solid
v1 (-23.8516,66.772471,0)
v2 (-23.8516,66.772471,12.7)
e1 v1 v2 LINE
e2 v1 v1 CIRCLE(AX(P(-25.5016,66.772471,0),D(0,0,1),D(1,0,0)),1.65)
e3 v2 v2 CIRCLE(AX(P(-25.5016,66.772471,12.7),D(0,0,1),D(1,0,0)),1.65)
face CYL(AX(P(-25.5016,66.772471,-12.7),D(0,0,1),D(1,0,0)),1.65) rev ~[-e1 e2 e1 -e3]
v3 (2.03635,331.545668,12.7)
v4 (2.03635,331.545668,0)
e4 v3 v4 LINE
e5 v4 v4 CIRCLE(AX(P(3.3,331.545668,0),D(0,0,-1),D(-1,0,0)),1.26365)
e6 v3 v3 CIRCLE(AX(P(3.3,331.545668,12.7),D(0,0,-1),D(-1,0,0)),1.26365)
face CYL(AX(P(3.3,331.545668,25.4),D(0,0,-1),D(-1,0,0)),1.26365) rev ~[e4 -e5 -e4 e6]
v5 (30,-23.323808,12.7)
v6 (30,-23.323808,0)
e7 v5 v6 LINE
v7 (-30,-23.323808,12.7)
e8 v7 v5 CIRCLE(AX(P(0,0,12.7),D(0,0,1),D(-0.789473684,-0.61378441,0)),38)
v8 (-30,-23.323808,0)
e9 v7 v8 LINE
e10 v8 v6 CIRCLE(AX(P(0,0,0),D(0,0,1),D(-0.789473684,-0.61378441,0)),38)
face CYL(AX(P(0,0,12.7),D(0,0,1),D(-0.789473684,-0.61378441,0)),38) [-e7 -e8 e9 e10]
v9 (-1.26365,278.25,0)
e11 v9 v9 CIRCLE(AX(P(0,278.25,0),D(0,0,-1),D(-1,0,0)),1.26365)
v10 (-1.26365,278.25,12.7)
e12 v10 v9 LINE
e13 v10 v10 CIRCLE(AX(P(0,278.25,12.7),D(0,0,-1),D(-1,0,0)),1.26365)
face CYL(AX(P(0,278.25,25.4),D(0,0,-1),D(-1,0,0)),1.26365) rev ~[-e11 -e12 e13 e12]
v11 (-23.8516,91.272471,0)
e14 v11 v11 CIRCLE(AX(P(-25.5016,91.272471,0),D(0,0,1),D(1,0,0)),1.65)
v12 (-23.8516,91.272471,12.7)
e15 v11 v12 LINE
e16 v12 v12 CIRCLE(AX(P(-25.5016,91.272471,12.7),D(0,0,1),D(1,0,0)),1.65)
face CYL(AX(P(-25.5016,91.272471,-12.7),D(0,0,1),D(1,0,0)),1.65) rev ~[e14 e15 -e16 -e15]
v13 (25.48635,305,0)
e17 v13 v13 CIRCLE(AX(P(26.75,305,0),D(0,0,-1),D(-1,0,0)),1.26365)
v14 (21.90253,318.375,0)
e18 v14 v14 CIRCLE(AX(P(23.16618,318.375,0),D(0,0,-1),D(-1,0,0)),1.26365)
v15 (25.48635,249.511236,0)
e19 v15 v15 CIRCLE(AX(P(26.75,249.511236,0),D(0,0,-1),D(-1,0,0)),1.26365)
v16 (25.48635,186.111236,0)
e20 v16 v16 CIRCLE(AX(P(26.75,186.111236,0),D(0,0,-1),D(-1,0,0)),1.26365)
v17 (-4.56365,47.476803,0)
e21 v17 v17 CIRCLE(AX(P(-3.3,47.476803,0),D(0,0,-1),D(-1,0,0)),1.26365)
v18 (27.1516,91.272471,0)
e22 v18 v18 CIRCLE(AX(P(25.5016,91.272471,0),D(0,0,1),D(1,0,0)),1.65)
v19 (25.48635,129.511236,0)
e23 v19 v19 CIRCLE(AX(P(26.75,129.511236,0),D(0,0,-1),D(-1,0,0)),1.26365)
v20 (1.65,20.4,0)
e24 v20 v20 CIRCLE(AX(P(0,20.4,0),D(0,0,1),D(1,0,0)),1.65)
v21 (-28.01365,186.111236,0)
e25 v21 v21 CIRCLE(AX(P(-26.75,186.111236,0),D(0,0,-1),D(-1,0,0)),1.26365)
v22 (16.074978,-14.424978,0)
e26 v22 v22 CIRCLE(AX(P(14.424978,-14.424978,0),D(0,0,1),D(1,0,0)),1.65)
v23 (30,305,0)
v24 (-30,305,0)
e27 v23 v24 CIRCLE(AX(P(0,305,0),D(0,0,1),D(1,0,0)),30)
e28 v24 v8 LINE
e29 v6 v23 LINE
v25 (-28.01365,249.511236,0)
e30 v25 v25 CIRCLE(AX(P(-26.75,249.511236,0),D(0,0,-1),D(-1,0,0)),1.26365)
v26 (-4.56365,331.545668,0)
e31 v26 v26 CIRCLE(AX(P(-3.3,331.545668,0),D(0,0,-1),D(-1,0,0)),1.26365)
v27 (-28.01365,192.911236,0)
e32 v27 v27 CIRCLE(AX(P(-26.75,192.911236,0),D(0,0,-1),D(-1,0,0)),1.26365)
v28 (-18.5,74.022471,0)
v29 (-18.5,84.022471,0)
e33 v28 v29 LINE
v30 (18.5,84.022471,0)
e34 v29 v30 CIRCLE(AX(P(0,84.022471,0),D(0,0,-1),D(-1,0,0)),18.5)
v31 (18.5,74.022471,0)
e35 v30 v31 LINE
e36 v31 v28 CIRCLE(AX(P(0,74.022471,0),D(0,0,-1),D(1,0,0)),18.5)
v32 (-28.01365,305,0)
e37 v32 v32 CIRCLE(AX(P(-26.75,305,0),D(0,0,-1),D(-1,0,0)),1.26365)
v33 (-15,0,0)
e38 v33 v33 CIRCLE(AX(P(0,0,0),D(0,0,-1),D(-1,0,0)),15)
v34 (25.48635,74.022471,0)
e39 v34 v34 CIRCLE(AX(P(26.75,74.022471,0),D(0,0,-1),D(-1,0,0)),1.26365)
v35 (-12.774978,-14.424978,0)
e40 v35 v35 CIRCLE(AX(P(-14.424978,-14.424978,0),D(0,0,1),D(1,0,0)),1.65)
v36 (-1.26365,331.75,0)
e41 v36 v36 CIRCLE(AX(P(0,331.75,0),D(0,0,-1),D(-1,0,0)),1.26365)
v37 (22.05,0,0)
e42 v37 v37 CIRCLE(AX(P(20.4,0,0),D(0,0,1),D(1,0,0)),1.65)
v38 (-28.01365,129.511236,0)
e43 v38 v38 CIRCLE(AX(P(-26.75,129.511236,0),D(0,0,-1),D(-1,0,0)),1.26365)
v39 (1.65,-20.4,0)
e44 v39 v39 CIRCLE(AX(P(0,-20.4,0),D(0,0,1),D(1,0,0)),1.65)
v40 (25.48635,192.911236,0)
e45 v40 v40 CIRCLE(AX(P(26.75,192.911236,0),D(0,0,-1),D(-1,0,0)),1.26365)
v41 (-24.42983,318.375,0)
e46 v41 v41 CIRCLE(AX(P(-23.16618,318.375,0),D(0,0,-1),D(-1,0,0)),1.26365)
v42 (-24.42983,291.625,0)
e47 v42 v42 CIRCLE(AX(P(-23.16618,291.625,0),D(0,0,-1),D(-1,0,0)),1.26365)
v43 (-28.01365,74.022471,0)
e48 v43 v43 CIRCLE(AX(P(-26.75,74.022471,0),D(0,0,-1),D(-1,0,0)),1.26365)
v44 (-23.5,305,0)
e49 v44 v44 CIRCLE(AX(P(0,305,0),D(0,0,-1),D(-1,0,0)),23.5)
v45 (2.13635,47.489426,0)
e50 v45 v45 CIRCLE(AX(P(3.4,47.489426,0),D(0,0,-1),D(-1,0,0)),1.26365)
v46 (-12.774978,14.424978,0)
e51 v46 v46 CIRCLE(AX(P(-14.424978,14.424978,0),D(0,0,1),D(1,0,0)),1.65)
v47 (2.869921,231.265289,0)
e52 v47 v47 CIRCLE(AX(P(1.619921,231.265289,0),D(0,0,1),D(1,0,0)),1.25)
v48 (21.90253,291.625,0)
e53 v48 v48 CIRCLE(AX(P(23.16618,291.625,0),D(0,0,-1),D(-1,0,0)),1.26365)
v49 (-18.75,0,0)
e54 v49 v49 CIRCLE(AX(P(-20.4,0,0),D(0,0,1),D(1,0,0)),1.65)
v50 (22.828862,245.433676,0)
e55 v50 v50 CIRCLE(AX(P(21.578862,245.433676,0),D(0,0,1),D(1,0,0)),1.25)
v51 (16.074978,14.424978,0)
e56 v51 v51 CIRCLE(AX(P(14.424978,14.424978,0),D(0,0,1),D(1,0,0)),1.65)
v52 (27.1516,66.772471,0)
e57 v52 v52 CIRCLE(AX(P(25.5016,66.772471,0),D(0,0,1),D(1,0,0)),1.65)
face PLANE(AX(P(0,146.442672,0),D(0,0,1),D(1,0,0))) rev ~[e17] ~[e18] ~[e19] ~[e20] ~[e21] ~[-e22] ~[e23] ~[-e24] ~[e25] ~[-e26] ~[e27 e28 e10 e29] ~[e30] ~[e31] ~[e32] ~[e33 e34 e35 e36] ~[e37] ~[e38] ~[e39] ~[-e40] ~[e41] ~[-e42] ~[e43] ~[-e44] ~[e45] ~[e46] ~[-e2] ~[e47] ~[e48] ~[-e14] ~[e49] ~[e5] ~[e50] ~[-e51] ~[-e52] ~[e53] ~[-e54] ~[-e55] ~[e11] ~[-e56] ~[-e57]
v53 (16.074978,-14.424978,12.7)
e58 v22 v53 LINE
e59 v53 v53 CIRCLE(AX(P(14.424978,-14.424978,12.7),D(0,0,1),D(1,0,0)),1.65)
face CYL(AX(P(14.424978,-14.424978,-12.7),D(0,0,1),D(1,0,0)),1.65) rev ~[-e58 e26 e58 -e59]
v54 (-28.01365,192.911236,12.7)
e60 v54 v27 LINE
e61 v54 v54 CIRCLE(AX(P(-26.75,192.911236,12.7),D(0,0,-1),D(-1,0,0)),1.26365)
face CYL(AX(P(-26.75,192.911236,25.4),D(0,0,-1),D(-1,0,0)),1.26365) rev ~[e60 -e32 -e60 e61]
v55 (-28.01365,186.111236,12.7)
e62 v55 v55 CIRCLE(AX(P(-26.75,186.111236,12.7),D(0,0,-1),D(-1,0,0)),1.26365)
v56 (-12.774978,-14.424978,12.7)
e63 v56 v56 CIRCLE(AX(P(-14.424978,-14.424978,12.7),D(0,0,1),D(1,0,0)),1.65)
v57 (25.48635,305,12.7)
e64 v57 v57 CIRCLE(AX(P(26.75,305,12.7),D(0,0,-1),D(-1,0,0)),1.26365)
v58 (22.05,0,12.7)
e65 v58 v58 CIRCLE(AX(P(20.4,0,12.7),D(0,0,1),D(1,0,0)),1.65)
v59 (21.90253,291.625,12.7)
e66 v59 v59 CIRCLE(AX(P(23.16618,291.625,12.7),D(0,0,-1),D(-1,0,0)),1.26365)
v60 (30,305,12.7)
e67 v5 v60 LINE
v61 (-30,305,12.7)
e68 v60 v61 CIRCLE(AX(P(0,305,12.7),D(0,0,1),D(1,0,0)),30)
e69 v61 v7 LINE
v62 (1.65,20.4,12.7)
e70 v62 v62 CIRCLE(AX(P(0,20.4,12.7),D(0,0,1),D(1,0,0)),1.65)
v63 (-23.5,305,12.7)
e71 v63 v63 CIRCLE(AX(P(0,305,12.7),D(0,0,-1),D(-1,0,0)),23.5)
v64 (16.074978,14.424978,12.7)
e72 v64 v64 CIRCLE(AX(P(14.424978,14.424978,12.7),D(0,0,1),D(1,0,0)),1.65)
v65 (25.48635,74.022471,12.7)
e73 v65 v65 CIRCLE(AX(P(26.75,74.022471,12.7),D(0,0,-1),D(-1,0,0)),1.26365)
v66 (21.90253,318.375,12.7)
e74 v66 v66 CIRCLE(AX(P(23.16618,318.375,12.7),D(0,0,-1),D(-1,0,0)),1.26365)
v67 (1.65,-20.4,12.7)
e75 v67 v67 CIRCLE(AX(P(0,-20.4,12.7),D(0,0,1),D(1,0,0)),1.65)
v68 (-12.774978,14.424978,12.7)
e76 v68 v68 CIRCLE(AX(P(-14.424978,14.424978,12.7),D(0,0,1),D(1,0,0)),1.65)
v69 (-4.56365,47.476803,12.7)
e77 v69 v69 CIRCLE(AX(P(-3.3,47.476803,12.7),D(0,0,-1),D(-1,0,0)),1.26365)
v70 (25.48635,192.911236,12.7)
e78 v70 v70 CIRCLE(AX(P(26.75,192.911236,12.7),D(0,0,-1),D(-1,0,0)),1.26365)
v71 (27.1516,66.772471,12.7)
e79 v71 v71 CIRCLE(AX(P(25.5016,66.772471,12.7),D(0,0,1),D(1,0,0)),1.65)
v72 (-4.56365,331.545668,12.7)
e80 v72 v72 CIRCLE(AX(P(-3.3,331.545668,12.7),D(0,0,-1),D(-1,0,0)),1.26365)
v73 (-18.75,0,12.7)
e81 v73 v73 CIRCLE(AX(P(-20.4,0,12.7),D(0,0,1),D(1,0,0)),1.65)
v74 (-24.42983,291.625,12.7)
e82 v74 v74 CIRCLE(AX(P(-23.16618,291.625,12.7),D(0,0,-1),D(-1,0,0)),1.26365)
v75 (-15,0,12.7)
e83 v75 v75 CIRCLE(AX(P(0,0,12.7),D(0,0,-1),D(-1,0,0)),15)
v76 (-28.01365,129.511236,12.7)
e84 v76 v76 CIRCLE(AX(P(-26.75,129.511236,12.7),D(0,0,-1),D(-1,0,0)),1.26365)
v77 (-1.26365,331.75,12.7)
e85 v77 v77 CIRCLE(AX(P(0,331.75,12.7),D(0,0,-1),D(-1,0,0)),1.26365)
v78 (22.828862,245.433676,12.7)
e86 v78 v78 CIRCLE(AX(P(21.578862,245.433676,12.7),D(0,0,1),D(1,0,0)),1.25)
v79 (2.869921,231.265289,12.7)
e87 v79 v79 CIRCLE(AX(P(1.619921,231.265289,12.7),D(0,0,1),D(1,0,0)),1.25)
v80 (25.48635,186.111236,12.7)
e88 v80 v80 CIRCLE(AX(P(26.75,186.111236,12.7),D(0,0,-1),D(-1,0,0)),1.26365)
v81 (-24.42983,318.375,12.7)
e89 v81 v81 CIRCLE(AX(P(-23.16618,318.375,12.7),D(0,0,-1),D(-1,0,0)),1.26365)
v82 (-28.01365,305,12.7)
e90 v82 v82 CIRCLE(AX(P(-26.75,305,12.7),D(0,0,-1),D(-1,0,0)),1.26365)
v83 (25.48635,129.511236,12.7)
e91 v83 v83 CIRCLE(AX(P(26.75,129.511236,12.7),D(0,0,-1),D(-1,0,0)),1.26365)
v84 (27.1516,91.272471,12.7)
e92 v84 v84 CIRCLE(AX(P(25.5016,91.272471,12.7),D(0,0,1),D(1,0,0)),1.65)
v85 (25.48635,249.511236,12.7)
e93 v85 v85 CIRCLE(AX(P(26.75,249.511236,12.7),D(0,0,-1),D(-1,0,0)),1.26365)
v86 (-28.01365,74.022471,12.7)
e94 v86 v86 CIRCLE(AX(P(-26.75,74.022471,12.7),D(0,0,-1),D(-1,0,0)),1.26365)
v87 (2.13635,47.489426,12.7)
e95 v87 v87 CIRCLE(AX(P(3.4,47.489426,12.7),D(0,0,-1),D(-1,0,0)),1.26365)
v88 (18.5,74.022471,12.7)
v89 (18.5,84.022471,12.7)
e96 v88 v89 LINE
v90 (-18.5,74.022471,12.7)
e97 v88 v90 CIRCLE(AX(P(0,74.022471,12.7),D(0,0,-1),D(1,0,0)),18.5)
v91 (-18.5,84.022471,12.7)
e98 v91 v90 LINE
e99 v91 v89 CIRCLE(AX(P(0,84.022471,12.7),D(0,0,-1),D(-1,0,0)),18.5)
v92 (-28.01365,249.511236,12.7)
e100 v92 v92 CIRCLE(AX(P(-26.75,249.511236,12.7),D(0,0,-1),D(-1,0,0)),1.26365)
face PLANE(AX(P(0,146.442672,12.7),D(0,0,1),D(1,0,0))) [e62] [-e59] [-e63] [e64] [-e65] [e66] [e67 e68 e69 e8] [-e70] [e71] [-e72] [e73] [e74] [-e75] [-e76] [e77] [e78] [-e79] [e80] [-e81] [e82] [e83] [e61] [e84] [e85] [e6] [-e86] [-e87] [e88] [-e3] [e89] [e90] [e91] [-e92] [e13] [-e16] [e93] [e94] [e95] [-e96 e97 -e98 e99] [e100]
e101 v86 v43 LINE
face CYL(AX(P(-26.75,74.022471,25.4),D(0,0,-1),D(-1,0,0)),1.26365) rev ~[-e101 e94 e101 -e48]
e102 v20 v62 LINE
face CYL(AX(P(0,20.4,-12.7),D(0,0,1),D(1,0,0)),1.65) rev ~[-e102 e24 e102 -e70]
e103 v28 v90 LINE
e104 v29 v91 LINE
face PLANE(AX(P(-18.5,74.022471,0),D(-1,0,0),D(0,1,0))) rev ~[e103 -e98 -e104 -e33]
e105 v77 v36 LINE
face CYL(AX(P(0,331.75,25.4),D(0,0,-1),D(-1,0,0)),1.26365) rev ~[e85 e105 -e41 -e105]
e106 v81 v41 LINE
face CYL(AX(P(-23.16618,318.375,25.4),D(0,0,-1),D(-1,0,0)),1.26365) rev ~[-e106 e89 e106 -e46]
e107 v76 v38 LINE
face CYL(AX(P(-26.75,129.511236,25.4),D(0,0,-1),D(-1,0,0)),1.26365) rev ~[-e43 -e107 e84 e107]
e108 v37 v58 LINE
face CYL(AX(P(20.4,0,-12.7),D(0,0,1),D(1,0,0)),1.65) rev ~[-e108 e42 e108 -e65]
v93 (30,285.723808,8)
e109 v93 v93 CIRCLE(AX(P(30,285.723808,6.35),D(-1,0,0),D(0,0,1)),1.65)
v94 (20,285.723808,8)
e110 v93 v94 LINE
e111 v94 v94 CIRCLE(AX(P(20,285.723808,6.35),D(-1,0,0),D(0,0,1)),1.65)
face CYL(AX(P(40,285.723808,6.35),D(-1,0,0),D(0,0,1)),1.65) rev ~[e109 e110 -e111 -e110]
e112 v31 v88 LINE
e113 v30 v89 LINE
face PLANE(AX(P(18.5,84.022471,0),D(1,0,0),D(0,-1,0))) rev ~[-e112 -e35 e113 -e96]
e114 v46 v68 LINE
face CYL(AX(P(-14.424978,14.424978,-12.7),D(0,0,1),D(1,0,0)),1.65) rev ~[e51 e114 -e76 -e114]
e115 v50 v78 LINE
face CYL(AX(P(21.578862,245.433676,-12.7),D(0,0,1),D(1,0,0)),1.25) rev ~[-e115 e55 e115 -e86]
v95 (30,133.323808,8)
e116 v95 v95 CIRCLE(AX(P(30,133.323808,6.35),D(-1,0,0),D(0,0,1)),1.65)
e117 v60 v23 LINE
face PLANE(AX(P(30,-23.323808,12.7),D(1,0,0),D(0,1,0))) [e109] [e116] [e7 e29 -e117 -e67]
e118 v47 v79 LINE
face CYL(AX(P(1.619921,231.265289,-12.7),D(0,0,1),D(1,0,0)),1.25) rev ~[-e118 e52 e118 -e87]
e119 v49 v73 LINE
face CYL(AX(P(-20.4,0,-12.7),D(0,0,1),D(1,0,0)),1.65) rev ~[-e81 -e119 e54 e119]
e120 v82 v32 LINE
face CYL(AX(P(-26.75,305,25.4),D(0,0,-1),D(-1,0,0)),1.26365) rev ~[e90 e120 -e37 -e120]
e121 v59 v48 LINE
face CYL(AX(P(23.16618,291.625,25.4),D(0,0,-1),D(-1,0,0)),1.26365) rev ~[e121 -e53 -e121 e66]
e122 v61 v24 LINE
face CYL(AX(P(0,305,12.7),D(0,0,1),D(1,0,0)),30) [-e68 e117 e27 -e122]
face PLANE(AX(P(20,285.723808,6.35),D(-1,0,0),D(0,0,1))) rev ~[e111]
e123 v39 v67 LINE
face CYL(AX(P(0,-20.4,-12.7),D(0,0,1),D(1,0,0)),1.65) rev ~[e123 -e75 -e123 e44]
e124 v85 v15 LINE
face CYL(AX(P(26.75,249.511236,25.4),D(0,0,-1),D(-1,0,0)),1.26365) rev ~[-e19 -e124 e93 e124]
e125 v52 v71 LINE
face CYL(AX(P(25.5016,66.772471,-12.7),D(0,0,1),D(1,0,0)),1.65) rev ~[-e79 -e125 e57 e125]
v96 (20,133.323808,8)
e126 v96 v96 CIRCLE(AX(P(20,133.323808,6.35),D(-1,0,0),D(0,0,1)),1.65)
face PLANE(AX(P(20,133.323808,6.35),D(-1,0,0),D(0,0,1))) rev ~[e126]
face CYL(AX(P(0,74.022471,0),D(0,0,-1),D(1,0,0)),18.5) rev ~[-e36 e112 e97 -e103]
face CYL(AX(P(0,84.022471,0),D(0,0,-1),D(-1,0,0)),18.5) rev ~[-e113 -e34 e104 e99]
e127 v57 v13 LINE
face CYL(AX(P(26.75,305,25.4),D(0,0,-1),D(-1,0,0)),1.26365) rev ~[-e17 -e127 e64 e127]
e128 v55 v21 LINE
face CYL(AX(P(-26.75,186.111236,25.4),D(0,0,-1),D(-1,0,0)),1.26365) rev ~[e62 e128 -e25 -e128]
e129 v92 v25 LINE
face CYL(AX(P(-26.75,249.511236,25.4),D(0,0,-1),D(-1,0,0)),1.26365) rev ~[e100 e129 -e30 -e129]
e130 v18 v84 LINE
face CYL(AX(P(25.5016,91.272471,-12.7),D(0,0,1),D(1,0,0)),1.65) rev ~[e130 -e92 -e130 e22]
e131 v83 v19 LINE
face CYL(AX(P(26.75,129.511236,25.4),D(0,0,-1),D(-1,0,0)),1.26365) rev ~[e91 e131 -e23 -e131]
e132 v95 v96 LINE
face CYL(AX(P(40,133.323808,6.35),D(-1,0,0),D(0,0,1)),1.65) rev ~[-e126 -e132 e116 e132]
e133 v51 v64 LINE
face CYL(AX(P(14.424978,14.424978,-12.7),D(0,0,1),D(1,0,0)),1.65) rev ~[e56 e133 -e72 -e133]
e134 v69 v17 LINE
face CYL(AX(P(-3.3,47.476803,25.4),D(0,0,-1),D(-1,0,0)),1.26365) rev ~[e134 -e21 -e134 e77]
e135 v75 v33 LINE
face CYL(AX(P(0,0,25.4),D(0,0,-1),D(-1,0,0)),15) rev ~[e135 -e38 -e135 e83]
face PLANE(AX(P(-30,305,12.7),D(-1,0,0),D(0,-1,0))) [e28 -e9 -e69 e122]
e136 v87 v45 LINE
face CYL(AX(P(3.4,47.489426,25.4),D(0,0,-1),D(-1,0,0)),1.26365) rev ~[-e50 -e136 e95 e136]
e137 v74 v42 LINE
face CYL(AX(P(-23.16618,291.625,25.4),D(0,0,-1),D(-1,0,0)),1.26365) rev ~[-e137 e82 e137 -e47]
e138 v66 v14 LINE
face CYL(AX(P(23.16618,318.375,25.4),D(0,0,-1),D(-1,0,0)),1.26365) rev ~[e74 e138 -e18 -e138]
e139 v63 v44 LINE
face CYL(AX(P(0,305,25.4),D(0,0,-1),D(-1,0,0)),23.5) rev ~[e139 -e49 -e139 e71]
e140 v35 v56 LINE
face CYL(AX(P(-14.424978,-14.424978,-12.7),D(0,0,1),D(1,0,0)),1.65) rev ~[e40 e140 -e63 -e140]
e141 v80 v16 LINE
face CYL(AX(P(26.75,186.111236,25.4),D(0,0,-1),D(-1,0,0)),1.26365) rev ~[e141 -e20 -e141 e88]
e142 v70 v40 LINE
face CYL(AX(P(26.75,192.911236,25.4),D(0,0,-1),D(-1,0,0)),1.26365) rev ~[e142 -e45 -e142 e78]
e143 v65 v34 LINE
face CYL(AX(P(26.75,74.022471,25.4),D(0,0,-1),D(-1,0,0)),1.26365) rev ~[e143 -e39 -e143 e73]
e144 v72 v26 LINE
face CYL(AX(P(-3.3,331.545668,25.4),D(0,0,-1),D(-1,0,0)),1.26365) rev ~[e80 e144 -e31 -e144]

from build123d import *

# Parameters (mm, degrees)
BOSS_EXTRUDE1_DEPTH              = 12.7
CUT_EXTRUDE1_DEPTH               = 13.7
HOLE1_D                          = 30
HOLE1_DEPTH                      = 12.7
HOLE2_D                          = 47
HOLE2_DEPTH                      = 12.7
F_39_0_0995_DIAMETER_HOLE1_D     = 2.5273
F_39_0_0995_DIAMETER_HOLE1_DEPTH = 12.7
F_4_CLEARANCE_HOLE1_D            = 3.3
F_4_CLEARANCE_HOLE1_DEPTH        = 12.7
F_2_CLEARANCE_HOLE1_D            = 2.499999999
F_2_CLEARANCE_HOLE1_DEPTH        = 12.7
F_4_CLEARANCE_HOLE2_D            = 3.3
F_4_CLEARANCE_HOLE2_DEPTH        = 10


with BuildPart() as part:
    # Sketch1 → Boss-Extrude1 (new body)
    with BuildSketch(Plane.XY.offset(12.7)):
        with BuildLine():
            Line((-30, 305), (-30, 23.323807579))
            Line((-30, 23.323807579), (-30, -23.323807579))
            ThreePointArc((-30, -23.323807579), (0, -38), (30, -23.323807579))
            Line((30, -23.323807579), (30, 23.323807579))
            Line((30, 23.323807579), (30, 305))
            ThreePointArc((30, 305), (0, 335), (-30, 305))
        make_face()
    extrude(amount=-BOSS_EXTRUDE1_DEPTH)

    # Sketch2 → Cut-Extrude1 (cut, through all)
    with BuildSketch(Plane(origin=(0, 0, 0), x_dir=(-1, 0, 0), z_dir=(0, 0, -1))):
        with BuildLine():
            Line((18.5, 74.022471071), (18.5, 84.022471071))
            ThreePointArc((18.5, 84.022471071), (0, 102.522471071), (-18.5, 84.022471071))
            Line((-18.5, 84.022471071), (-18.5, 74.022471071))
            ThreePointArc((-18.5, 74.022471071), (0, 55.522471071), (18.5, 74.022471071))
        make_face()
    extrude(amount=-CUT_EXTRUDE1_DEPTH, mode=Mode.SUBTRACT)

    # Hole1
    with Locations(Plane.XY.offset(12.7)):
        with Locations((0, 0)):
            Hole(HOLE1_D / 2, depth=HOLE1_DEPTH)

    # Hole2
    with Locations(Plane.XY.offset(12.7)):
        with Locations((0, 305)):
            Hole(HOLE2_D / 2, depth=HOLE2_DEPTH)

    # #39 (0.0995) Diameter Hole1
    with Locations(Plane.XY.offset(12.7)):
        with Locations((-26.75, 74.022471071), (-26.75, 129.511235535), (-26.75, 186.111235535), (-26.750000001, 192.911235535), (-26.750000001, 249.511235535), (-26.750000001, 305), (-3.300000001, 331.545668196), (3.299999999, 331.545668196), (26.749999999, 305), (26.749999999, 249.511235535), (26.749999999, 192.911235535), (26.75, 186.111235535), (26.75, 129.511235535), (26.75, 74.022471071), (3.4, 47.489425637), (-3.3, 47.476802874), (-23.166179551, 318.375), (-23.166179551, 291.625), (0, 278.25), (23.166179551, 291.625), (23.166179551, 318.375), (0, 331.75)):
            Hole(F_39_0_0995_DIAMETER_HOLE1_D / 2, depth=F_39_0_0995_DIAMETER_HOLE1_DEPTH)

    # #4 Clearance Hole1
    with Locations(Plane(origin=(0, 0, 0), x_dir=(-1, 0, 0), z_dir=(0, 0, -1))):
        with Locations((-25.5016, 66.772471071), (-25.5016, 91.272471071), (14.424978336, 14.424978336), (20.4, 0), (14.424978336, -14.424978336), (0, -20.4), (-14.424978336, -14.424978336), (-20.4, 0), (-14.424978336, 14.424978336), (0, 20.4), (25.5016, 66.772471071), (25.5016, 91.272471071)):
            Hole(F_4_CLEARANCE_HOLE1_D / 2, depth=F_4_CLEARANCE_HOLE1_DEPTH)

    # #2 Clearance Hole1
    with Locations(Plane(origin=(0, 0, 0), x_dir=(-1, 0, 0), z_dir=(0, 0, -1))):
        with Locations((-1.619921459, 231.265288591), (-21.578861519, 245.43367635)):
            Hole(F_2_CLEARANCE_HOLE1_D / 2, depth=F_2_CLEARANCE_HOLE1_DEPTH)

    # #4 Clearance Hole2
    with Locations(Plane(origin=(30, 0, 0), x_dir=(0, 0, -1), z_dir=(1, 0, 0))):
        with Locations((-6.35, 285.723807579), (-6.35, 133.323807579)):
            Hole(F_4_CLEARANCE_HOLE2_D / 2, depth=F_4_CLEARANCE_HOLE2_DEPTH)


solid = part.part
